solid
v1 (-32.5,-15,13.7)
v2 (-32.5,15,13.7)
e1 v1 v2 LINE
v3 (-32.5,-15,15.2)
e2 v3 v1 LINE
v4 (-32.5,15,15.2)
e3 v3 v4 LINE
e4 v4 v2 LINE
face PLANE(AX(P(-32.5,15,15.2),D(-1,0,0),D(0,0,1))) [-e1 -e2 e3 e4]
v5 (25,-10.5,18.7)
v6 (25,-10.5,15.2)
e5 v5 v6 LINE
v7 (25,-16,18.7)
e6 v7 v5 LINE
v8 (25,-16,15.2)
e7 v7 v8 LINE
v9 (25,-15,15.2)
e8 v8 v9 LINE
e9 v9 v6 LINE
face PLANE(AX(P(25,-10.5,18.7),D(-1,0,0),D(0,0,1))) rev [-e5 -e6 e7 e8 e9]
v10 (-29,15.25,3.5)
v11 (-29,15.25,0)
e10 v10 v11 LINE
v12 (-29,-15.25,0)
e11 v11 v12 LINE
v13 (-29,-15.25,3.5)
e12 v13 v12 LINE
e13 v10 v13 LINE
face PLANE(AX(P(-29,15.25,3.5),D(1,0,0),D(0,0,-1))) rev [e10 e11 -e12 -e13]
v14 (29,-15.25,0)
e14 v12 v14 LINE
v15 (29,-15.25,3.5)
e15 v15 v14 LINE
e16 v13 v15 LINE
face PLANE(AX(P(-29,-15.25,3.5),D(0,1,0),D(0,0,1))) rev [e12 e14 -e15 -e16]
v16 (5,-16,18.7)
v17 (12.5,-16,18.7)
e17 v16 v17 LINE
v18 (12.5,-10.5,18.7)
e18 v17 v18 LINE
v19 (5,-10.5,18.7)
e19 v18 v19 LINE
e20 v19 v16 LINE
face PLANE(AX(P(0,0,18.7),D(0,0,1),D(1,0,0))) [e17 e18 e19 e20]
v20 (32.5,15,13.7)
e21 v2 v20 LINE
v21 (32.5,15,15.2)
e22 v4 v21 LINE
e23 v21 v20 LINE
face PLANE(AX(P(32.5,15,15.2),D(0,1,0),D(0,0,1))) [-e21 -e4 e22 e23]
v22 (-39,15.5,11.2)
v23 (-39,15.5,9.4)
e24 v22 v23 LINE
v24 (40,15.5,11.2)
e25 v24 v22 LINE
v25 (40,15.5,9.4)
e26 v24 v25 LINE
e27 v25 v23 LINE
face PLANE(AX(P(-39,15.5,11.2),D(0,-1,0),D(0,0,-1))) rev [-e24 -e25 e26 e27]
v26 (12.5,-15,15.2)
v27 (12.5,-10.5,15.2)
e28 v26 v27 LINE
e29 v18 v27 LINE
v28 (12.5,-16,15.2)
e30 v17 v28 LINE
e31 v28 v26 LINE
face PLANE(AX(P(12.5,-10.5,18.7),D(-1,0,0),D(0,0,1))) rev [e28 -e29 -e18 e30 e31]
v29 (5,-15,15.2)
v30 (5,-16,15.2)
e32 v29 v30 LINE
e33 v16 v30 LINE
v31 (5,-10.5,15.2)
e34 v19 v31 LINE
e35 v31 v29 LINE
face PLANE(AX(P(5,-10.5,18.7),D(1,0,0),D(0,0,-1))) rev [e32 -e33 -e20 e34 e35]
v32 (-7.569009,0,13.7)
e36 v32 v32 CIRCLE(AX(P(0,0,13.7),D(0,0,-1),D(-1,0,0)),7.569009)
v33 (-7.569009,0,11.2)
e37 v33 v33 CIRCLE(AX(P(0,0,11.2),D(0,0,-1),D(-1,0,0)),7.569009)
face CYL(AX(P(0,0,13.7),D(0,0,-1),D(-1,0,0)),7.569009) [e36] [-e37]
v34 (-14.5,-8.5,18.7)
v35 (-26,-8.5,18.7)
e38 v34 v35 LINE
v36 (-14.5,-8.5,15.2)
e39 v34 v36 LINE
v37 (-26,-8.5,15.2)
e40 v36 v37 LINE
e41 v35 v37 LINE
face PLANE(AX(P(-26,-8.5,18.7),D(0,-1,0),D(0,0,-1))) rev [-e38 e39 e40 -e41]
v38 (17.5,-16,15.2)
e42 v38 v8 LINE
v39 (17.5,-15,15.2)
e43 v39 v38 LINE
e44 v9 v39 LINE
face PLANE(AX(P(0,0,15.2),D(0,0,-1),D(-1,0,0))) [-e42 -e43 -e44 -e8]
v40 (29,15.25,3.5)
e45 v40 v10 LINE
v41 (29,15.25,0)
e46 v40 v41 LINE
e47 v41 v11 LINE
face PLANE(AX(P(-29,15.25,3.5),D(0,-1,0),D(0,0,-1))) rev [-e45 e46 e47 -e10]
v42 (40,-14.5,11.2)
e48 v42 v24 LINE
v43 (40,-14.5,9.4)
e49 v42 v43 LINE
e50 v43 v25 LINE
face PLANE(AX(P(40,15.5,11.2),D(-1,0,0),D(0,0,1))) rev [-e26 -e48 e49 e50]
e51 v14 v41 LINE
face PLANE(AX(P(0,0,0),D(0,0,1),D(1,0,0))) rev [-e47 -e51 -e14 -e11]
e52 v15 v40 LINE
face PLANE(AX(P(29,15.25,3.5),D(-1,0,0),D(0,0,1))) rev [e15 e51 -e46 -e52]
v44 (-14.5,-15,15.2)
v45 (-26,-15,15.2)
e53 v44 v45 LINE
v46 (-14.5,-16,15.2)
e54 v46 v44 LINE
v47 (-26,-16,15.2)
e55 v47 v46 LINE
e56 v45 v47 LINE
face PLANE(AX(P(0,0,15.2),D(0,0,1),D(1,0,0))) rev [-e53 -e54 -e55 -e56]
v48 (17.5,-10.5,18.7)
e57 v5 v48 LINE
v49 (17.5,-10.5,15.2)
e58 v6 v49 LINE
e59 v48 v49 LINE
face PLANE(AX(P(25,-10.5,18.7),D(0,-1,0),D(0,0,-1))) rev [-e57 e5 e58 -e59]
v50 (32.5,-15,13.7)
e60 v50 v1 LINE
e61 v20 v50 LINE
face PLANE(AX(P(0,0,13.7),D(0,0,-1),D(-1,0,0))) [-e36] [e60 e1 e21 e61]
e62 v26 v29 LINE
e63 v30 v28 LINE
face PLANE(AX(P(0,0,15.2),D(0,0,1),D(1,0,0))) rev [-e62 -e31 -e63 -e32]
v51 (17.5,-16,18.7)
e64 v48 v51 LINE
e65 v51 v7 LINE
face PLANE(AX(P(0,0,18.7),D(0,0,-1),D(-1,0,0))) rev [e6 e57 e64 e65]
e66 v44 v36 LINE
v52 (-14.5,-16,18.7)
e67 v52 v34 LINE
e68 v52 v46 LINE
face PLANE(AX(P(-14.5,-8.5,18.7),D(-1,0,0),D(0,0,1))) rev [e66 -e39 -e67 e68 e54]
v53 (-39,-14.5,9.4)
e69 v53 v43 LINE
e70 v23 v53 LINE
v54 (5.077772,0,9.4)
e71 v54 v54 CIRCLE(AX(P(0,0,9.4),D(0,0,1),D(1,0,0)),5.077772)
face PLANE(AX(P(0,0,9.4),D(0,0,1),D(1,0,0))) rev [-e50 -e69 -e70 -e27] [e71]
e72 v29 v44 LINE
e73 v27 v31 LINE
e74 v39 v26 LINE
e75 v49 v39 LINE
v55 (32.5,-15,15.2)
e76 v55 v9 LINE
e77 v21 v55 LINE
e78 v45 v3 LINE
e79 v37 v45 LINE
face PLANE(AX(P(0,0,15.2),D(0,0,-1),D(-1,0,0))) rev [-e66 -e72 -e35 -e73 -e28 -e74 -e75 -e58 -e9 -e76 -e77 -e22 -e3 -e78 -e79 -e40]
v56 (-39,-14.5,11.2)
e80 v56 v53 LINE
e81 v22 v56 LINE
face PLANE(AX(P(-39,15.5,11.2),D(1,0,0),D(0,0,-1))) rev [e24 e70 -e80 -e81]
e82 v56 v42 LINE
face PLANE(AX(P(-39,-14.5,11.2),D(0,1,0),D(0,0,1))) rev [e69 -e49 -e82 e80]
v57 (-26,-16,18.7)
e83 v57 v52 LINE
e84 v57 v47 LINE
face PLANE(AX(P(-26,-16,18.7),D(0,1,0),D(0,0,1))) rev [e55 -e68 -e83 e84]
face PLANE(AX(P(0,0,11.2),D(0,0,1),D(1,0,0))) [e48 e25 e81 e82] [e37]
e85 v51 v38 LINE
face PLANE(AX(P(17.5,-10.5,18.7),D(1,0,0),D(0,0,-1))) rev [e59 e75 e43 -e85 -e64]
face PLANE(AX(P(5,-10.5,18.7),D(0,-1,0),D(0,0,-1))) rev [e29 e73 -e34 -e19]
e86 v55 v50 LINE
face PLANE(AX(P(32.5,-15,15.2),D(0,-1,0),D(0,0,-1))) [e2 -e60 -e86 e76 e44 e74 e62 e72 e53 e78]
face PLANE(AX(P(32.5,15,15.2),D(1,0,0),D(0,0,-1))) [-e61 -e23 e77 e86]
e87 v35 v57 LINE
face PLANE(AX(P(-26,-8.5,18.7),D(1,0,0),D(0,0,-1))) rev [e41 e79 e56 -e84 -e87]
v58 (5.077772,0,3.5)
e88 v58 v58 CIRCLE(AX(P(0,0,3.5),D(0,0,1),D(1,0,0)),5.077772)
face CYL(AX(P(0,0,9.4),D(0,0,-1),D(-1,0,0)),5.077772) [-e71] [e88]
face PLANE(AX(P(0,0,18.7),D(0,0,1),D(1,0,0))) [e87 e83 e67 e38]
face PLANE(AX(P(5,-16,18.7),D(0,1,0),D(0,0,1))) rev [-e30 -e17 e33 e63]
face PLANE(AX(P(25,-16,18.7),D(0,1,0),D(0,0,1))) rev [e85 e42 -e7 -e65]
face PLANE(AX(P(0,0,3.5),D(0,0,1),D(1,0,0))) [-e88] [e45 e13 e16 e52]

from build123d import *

# Parameters (mm, degrees)
SKETCH1_W           = 58
SKETCH1_H           = 30.5
BOSS_EXTRUDE1_DEPTH = 3.5
SKETCH2_R           = 5.077771543
BOSS_EXTRUDE2_DEPTH = 5.9
SKETCH3_W           = 79
SKETCH3_H           = 30
BOSS_EXTRUDE3_DEPTH = 1.8
SKETCH4_R           = 7.569009477
BOSS_EXTRUDE4_DEPTH = 2.5
SKETCH5_W           = 65
SKETCH5_H           = 30
BOSS_EXTRUDE5_DEPTH = 1.5
SKETCH6_W           = 11.5
SKETCH6_H           = 7.5
SKETCH6_W_2         = 7.5
SKETCH6_H_2         = 5.5
BOSS_EXTRUDE6_DEPTH = 3.5


with BuildPart() as part:
    # Sketch1 → Boss-Extrude1 (new body)
    with BuildSketch(Plane.XY):
        Rectangle(SKETCH1_W, SKETCH1_H)
    extrude(amount=BOSS_EXTRUDE1_DEPTH)

    # Sketch2 → Boss-Extrude2 (add)
    with BuildSketch(Plane.XY.offset(3.5)):
        Circle(SKETCH2_R)
    extrude(amount=BOSS_EXTRUDE2_DEPTH)

    # Sketch3 → Boss-Extrude3 (add)
    with BuildSketch(Plane.XY.offset(9.4)):
        with Locations((0.5, 0.5)):
            Rectangle(SKETCH3_W, SKETCH3_H)
    extrude(amount=BOSS_EXTRUDE3_DEPTH)

    # Sketch4 → Boss-Extrude4 (add)
    with BuildSketch(Plane(origin=(0, 0, 11.2), x_dir=(-1, 0, 0), z_dir=(0, 0, -1))):
        Circle(SKETCH4_R)
    extrude(amount=-BOSS_EXTRUDE4_DEPTH)

    # Sketch5 → Boss-Extrude5 (add)
    with BuildSketch(Plane(origin=(0, 0, 13.7), x_dir=(-1, 0, 0), z_dir=(0, 0, -1))):
        Rectangle(SKETCH5_W, SKETCH5_H)
    extrude(amount=-BOSS_EXTRUDE5_DEPTH)

    # Sketch6 → Boss-Extrude6 (add)
    with BuildSketch(Plane.XY.offset(15.2)):
        with Locations((-20.25, -12.25)):
            Rectangle(SKETCH6_W, SKETCH6_H)
        with Locations((21.25, -13.25)):
            Rectangle(SKETCH6_W_2, SKETCH6_H_2)
        with Locations((8.75, -13.25)):
            Rectangle(SKETCH6_W_2, SKETCH6_H_2)
    extrude(amount=BOSS_EXTRUDE6_DEPTH)


solid = part.part
